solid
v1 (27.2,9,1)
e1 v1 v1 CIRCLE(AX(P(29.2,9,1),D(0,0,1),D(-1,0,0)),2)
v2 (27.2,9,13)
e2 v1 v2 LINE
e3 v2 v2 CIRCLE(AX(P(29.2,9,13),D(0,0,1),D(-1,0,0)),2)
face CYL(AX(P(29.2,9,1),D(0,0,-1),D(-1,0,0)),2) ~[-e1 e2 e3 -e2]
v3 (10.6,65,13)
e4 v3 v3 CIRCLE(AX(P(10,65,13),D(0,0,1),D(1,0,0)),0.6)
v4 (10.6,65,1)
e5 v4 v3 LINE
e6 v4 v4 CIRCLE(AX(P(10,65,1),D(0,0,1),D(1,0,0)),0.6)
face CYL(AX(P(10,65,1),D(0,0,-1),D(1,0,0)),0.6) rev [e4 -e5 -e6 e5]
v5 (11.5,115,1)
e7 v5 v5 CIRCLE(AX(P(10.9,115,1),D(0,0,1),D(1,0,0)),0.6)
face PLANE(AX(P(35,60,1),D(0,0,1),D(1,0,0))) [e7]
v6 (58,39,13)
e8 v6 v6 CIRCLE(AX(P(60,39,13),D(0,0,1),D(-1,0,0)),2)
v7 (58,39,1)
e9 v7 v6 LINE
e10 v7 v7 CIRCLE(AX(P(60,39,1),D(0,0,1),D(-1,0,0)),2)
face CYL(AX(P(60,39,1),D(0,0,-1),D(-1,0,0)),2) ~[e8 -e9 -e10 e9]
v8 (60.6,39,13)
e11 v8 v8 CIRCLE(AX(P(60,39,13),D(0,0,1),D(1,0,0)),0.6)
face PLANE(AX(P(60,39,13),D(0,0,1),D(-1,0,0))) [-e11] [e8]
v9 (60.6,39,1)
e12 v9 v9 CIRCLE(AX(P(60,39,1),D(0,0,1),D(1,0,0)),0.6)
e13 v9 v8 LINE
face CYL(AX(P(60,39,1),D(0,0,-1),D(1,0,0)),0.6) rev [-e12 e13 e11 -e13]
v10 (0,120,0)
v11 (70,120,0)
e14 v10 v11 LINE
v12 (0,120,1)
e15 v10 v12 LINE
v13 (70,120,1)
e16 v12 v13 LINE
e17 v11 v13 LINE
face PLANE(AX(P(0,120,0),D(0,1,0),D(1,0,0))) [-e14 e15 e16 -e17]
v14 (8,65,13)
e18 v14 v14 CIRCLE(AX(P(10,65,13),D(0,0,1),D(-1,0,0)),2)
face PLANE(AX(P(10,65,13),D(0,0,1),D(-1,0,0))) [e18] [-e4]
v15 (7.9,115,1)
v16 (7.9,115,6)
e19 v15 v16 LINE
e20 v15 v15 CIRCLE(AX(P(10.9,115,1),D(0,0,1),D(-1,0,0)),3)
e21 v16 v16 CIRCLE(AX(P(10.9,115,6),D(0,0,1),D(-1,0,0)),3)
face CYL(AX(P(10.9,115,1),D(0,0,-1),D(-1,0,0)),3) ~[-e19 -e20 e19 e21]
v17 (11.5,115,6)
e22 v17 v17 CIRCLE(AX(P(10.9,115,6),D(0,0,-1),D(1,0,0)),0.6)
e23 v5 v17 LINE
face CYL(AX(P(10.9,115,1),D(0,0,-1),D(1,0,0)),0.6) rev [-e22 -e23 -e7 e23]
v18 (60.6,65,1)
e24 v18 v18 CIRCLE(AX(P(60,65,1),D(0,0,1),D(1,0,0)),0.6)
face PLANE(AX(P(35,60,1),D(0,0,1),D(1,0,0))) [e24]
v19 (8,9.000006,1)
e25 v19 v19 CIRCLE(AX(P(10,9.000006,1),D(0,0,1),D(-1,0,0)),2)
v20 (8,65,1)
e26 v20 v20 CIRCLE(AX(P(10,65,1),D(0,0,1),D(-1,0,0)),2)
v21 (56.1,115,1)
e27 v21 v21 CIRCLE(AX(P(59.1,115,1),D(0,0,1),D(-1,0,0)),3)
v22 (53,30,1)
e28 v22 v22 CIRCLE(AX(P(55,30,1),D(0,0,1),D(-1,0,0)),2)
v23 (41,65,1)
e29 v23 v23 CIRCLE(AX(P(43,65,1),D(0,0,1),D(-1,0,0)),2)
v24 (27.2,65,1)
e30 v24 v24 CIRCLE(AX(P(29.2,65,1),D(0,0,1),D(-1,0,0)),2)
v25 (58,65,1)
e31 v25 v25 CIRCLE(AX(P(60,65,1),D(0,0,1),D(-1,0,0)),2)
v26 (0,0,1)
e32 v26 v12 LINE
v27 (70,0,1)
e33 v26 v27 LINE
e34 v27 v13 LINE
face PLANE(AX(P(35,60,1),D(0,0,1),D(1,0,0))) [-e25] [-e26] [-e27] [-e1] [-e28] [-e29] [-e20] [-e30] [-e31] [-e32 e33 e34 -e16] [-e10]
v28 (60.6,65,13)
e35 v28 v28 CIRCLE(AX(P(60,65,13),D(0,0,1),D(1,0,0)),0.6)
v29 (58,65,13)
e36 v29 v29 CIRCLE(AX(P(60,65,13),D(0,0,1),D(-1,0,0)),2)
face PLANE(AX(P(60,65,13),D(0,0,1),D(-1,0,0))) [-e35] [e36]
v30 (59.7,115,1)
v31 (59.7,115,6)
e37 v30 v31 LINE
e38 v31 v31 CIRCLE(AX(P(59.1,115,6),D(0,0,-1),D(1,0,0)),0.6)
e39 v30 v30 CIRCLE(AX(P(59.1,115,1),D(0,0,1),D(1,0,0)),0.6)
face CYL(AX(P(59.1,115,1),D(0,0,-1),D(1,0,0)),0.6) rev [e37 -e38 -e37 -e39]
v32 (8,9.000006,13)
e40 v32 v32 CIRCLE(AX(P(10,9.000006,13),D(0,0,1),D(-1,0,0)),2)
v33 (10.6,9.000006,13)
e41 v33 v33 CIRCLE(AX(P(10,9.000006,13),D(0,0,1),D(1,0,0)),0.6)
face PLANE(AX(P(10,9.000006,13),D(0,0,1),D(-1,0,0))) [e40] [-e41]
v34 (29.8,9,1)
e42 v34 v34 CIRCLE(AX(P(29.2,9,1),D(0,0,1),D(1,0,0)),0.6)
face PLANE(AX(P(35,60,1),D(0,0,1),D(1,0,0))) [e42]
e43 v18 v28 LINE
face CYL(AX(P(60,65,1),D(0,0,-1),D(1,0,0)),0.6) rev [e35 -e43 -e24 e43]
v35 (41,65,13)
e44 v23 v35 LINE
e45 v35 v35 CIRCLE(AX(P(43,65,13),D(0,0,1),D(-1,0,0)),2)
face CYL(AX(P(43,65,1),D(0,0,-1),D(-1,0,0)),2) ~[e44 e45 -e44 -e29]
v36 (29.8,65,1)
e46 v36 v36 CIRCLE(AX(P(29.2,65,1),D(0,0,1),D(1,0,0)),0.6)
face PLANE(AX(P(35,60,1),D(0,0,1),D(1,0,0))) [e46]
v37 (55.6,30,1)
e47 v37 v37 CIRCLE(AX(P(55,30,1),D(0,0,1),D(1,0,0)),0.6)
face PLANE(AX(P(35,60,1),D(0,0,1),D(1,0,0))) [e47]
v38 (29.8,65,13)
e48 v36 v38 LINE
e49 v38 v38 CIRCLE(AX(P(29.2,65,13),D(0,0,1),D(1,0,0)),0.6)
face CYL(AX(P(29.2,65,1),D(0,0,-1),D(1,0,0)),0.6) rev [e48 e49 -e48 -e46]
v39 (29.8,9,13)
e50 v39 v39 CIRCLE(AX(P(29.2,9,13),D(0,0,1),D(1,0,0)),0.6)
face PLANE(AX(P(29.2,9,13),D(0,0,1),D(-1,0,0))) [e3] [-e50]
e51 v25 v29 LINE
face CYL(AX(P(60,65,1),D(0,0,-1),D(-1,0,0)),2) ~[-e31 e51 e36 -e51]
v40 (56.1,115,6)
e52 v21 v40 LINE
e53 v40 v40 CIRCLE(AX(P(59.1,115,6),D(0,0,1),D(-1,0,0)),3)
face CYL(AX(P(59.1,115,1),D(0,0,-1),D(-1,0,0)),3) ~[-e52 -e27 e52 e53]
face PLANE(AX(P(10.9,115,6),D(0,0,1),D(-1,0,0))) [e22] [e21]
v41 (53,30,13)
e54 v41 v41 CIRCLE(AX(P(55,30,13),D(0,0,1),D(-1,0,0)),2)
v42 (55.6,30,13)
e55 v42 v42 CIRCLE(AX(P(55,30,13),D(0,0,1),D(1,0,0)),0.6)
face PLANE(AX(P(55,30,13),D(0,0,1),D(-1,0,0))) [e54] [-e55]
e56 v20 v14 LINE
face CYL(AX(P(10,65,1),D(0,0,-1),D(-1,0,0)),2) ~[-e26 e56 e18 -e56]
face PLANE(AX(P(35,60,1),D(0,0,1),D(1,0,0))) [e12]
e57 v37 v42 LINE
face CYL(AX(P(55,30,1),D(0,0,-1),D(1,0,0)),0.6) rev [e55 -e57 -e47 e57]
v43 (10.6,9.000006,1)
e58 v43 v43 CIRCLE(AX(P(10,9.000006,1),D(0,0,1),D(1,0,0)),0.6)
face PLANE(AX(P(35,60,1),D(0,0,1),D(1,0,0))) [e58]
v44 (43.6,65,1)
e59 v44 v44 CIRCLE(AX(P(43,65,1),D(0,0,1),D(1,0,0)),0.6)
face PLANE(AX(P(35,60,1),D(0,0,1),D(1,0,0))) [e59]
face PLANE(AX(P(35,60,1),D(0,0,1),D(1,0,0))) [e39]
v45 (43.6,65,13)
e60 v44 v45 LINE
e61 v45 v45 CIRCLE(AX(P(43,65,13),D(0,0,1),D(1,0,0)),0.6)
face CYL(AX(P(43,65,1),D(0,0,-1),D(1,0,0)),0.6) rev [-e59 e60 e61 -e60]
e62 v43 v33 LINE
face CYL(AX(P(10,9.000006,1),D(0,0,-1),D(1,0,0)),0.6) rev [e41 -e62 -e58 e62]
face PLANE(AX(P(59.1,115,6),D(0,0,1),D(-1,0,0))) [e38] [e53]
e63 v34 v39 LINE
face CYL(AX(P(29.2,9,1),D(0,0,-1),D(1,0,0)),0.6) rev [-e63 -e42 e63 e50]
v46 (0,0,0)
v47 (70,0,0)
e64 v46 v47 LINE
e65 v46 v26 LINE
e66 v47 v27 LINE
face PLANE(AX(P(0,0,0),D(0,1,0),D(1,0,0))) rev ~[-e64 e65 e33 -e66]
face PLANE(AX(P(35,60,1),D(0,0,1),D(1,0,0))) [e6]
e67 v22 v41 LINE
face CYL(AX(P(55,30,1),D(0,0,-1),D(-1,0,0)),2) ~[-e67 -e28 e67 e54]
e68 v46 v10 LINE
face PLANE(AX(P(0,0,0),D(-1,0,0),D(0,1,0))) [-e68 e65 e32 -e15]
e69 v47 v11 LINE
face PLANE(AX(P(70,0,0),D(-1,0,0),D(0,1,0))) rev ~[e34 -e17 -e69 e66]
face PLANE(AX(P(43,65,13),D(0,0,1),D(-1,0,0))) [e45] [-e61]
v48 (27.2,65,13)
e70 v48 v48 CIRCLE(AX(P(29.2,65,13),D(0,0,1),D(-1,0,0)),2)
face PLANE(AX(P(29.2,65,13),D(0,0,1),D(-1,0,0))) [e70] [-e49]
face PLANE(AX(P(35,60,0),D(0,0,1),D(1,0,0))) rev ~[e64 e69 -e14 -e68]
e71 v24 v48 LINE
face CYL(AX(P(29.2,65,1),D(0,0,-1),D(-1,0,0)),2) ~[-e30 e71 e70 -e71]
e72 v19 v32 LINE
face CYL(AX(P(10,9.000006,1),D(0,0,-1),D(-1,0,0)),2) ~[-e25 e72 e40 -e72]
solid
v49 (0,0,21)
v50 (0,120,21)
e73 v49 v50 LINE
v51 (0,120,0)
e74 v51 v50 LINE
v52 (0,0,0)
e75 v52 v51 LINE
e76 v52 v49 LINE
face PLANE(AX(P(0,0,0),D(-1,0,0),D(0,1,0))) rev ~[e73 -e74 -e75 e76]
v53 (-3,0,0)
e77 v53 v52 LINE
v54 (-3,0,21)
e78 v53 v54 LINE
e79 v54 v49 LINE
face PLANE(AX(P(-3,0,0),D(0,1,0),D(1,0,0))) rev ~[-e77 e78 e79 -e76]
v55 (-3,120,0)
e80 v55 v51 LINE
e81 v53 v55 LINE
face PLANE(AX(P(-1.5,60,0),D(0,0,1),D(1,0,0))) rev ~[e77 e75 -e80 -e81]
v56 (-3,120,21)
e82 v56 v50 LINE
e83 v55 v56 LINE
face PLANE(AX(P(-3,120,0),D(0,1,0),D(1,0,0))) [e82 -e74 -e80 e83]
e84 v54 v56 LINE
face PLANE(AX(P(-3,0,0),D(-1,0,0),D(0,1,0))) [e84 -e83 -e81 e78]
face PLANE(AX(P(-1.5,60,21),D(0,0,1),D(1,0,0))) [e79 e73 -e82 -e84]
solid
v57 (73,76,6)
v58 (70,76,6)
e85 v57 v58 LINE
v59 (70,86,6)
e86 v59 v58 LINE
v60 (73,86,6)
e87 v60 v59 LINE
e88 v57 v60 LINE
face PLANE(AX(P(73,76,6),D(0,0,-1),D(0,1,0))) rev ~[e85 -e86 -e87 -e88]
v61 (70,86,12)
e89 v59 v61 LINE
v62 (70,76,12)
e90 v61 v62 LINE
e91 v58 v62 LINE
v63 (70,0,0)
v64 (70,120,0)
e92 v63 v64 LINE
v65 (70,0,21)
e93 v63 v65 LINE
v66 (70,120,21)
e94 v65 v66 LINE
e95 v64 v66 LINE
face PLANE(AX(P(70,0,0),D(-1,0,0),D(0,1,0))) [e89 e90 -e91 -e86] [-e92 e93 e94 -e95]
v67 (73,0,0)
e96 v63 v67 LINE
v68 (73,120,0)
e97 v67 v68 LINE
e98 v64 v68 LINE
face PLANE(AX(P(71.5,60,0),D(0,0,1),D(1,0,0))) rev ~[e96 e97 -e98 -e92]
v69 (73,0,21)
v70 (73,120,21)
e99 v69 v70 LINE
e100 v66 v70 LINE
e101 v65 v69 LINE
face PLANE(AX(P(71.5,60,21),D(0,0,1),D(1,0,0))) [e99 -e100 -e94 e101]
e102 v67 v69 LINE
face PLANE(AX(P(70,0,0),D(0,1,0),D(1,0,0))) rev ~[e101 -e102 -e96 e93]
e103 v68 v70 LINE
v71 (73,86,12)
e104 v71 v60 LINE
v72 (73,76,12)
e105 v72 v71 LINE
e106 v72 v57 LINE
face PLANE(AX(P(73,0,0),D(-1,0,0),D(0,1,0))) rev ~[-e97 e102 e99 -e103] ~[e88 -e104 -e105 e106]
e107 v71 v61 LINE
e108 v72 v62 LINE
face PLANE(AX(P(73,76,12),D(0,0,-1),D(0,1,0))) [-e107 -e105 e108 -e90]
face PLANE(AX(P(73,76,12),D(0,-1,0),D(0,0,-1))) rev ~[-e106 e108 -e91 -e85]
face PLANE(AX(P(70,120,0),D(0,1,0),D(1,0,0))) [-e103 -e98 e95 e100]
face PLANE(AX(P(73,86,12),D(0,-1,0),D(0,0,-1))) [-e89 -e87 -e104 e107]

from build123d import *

# Parameters (mm, degrees)
SKICA1_W                       = 70
SKICA1_H                       = 120
P_IDAT_VYSUNUT_M1_DEPTH        = 1
SKICA2_R                       = 2
SKICA2_R_2                     = 0.6
SKICA2_R_3                     = 3
P_IDAT_VYSUNUT_M2_DEPTH        = 12
P_IDAT_VYSUNUT_M3_DEPTH        = 20
P_IDAT_VYSUNUT_M3_DEPTH_BACK   = 1
SKICA4_W                       = 3
SKICA4_H                       = 120
P_IDAT_VYSUNUT_M3_2_DEPTH      = 20
P_IDAT_VYSUNUT_M3_2_DEPTH_BACK = 1
SKICA5_W                       = 6
SKICA5_H                       = 10
ODEBRAT_VYSUNUT_M2_DEPTH       = 20
ODEBRAT_START                  = -7
SKICA6_R                       = 3
ODEBRAT_VYSUNUT_M3_DEPTH       = 7


with BuildPart() as part:
    # Skica1 → Přidat vysunutím1 (new body)
    with BuildSketch(Plane.XY):
        with Locations((35, 60)):
            Rectangle(SKICA1_W, SKICA1_H)
    extrude(amount=P_IDAT_VYSUNUT_M1_DEPTH)

    # Skica2 → Přidat vysunutím2 (add)
    # profile 1 of 10: a face of its own
    with BuildSketch(Plane.XY.offset(1)):
        with Locations(Location((10, 65, 0), (0, 0, 180))):
            Circle(SKICA2_R)
        with Locations((10, 65)):
            Circle(SKICA2_R_2, mode=Mode.SUBTRACT)
    # profile 2 of 10: a face of its own
    with BuildSketch(Plane.XY.offset(1)):
        with Locations(Location((29.2, 65, 0), (0, 0, 180))):
            Circle(SKICA2_R)
        with Locations((29.2, 65)):
            Circle(SKICA2_R_2, mode=Mode.SUBTRACT)
    # profile 3 of 10: a face of its own
    with BuildSketch(Plane.XY.offset(1)):
        with Locations(Location((43, 65, 0), (0, 0, 180))):
            Circle(SKICA2_R)
        with Locations((43, 65)):
            Circle(SKICA2_R_2, mode=Mode.SUBTRACT)
    # profile 4 of 10: a face of its own
    with BuildSketch(Plane.XY.offset(1)):
        with Locations(Location((60, 65, 0), (0, 0, 180))):
            Circle(SKICA2_R)
        with Locations((60, 65)):
            Circle(SKICA2_R_2, mode=Mode.SUBTRACT)
    # profile 5 of 10: a face of its own
    with BuildSketch(Plane.XY.offset(1)):
        with Locations(Location((60, 39, 0), (0, 0, 180))):
            Circle(SKICA2_R)
        with Locations((60, 39)):
            Circle(SKICA2_R_2, mode=Mode.SUBTRACT)
    # profile 6 of 10: a face of its own
    with BuildSketch(Plane.XY.offset(1)):
        with Locations(Location((55, 30, 0), (0, 0, 180))):
            Circle(SKICA2_R)
        with Locations((55, 30)):
            Circle(SKICA2_R_2, mode=Mode.SUBTRACT)
    # profile 7 of 10: a face of its own
    with BuildSketch(Plane.XY.offset(1)):
        with Locations(Location((29.2, 9, 0), (0, 0, 180))):
            Circle(SKICA2_R)
        with Locations((29.2, 9)):
            Circle(SKICA2_R_2, mode=Mode.SUBTRACT)
    # profile 8 of 10: a face of its own
    with BuildSketch(Plane.XY.offset(1)):
        with Locations(Location((10, 9.000006063, 0), (0, 0, 180))):
            Circle(SKICA2_R)
        with Locations((10, 9.000006063)):
            Circle(SKICA2_R_2, mode=Mode.SUBTRACT)
    # profile 9 of 10: a face of its own
    with BuildSketch(Plane.XY.offset(1)):
        with Locations(Location((10.9, 115, 0), (0, 0, 180))):
            Circle(SKICA2_R_3)
        with Locations((10.9, 115)):
            Circle(SKICA2_R_2, mode=Mode.SUBTRACT)
    # profile 10 of 10: a face of its own
    with BuildSketch(Plane.XY.offset(1)):
        with Locations(Location((59.1, 115, 0), (0, 0, 180))):
            Circle(SKICA2_R_3)
        with Locations((59.1, 115)):
            Circle(SKICA2_R_2, mode=Mode.SUBTRACT)
    extrude(amount=P_IDAT_VYSUNUT_M2_DEPTH)

    # Skica6 → Odebrat vysunutím3 (cut)
    with BuildSketch(Plane.XY.offset(13).offset(ODEBRAT_START)):
        with Locations(Location((10.9, 115, 0), (0, 0, 180))):
            Circle(SKICA6_R)
        with Locations(Location((59.1, 115, 0), (0, 0, 180))):
            Circle(SKICA6_R)
    extrude(amount=ODEBRAT_VYSUNUT_M3_DEPTH, mode=Mode.SUBTRACT)


with BuildPart() as body_2:
    # Skica4 → Přidat vysunutím3 (new, two sides: drawn at the far end of the back side and taken through both)
    with BuildSketch(Plane.XY.offset(1).offset(-P_IDAT_VYSUNUT_M3_DEPTH_BACK)):
        with Locations((-1.5, 60)):
            Rectangle(SKICA4_W, SKICA4_H)
    extrude(amount=P_IDAT_VYSUNUT_M3_DEPTH + P_IDAT_VYSUNUT_M3_DEPTH_BACK)


with BuildPart() as body_3:
    # Skica4 → P_idat vysunut_m3 2 (new, two sides: drawn at the far end of the back side and taken through both)
    with BuildSketch(Plane.XY.offset(1).offset(-P_IDAT_VYSUNUT_M3_2_DEPTH_BACK)):
        with Locations((71.5, 60)):
            Rectangle(SKICA4_W, SKICA4_H)
    extrude(amount=P_IDAT_VYSUNUT_M3_2_DEPTH + P_IDAT_VYSUNUT_M3_2_DEPTH_BACK)

    # Skica5 → Odebrat vysunutím2 (cut)
    with BuildSketch(Plane(origin=(73, 0, 0), x_dir=(0, 0, -1), z_dir=(1, 0, 0))):
        with Locations((-9, 81)):
            Rectangle(SKICA5_W, SKICA5_H)
    extrude(amount=-ODEBRAT_VYSUNUT_M2_DEPTH, mode=Mode.SUBTRACT)


solid = Compound([part.part, body_2.part, body_3.part])
